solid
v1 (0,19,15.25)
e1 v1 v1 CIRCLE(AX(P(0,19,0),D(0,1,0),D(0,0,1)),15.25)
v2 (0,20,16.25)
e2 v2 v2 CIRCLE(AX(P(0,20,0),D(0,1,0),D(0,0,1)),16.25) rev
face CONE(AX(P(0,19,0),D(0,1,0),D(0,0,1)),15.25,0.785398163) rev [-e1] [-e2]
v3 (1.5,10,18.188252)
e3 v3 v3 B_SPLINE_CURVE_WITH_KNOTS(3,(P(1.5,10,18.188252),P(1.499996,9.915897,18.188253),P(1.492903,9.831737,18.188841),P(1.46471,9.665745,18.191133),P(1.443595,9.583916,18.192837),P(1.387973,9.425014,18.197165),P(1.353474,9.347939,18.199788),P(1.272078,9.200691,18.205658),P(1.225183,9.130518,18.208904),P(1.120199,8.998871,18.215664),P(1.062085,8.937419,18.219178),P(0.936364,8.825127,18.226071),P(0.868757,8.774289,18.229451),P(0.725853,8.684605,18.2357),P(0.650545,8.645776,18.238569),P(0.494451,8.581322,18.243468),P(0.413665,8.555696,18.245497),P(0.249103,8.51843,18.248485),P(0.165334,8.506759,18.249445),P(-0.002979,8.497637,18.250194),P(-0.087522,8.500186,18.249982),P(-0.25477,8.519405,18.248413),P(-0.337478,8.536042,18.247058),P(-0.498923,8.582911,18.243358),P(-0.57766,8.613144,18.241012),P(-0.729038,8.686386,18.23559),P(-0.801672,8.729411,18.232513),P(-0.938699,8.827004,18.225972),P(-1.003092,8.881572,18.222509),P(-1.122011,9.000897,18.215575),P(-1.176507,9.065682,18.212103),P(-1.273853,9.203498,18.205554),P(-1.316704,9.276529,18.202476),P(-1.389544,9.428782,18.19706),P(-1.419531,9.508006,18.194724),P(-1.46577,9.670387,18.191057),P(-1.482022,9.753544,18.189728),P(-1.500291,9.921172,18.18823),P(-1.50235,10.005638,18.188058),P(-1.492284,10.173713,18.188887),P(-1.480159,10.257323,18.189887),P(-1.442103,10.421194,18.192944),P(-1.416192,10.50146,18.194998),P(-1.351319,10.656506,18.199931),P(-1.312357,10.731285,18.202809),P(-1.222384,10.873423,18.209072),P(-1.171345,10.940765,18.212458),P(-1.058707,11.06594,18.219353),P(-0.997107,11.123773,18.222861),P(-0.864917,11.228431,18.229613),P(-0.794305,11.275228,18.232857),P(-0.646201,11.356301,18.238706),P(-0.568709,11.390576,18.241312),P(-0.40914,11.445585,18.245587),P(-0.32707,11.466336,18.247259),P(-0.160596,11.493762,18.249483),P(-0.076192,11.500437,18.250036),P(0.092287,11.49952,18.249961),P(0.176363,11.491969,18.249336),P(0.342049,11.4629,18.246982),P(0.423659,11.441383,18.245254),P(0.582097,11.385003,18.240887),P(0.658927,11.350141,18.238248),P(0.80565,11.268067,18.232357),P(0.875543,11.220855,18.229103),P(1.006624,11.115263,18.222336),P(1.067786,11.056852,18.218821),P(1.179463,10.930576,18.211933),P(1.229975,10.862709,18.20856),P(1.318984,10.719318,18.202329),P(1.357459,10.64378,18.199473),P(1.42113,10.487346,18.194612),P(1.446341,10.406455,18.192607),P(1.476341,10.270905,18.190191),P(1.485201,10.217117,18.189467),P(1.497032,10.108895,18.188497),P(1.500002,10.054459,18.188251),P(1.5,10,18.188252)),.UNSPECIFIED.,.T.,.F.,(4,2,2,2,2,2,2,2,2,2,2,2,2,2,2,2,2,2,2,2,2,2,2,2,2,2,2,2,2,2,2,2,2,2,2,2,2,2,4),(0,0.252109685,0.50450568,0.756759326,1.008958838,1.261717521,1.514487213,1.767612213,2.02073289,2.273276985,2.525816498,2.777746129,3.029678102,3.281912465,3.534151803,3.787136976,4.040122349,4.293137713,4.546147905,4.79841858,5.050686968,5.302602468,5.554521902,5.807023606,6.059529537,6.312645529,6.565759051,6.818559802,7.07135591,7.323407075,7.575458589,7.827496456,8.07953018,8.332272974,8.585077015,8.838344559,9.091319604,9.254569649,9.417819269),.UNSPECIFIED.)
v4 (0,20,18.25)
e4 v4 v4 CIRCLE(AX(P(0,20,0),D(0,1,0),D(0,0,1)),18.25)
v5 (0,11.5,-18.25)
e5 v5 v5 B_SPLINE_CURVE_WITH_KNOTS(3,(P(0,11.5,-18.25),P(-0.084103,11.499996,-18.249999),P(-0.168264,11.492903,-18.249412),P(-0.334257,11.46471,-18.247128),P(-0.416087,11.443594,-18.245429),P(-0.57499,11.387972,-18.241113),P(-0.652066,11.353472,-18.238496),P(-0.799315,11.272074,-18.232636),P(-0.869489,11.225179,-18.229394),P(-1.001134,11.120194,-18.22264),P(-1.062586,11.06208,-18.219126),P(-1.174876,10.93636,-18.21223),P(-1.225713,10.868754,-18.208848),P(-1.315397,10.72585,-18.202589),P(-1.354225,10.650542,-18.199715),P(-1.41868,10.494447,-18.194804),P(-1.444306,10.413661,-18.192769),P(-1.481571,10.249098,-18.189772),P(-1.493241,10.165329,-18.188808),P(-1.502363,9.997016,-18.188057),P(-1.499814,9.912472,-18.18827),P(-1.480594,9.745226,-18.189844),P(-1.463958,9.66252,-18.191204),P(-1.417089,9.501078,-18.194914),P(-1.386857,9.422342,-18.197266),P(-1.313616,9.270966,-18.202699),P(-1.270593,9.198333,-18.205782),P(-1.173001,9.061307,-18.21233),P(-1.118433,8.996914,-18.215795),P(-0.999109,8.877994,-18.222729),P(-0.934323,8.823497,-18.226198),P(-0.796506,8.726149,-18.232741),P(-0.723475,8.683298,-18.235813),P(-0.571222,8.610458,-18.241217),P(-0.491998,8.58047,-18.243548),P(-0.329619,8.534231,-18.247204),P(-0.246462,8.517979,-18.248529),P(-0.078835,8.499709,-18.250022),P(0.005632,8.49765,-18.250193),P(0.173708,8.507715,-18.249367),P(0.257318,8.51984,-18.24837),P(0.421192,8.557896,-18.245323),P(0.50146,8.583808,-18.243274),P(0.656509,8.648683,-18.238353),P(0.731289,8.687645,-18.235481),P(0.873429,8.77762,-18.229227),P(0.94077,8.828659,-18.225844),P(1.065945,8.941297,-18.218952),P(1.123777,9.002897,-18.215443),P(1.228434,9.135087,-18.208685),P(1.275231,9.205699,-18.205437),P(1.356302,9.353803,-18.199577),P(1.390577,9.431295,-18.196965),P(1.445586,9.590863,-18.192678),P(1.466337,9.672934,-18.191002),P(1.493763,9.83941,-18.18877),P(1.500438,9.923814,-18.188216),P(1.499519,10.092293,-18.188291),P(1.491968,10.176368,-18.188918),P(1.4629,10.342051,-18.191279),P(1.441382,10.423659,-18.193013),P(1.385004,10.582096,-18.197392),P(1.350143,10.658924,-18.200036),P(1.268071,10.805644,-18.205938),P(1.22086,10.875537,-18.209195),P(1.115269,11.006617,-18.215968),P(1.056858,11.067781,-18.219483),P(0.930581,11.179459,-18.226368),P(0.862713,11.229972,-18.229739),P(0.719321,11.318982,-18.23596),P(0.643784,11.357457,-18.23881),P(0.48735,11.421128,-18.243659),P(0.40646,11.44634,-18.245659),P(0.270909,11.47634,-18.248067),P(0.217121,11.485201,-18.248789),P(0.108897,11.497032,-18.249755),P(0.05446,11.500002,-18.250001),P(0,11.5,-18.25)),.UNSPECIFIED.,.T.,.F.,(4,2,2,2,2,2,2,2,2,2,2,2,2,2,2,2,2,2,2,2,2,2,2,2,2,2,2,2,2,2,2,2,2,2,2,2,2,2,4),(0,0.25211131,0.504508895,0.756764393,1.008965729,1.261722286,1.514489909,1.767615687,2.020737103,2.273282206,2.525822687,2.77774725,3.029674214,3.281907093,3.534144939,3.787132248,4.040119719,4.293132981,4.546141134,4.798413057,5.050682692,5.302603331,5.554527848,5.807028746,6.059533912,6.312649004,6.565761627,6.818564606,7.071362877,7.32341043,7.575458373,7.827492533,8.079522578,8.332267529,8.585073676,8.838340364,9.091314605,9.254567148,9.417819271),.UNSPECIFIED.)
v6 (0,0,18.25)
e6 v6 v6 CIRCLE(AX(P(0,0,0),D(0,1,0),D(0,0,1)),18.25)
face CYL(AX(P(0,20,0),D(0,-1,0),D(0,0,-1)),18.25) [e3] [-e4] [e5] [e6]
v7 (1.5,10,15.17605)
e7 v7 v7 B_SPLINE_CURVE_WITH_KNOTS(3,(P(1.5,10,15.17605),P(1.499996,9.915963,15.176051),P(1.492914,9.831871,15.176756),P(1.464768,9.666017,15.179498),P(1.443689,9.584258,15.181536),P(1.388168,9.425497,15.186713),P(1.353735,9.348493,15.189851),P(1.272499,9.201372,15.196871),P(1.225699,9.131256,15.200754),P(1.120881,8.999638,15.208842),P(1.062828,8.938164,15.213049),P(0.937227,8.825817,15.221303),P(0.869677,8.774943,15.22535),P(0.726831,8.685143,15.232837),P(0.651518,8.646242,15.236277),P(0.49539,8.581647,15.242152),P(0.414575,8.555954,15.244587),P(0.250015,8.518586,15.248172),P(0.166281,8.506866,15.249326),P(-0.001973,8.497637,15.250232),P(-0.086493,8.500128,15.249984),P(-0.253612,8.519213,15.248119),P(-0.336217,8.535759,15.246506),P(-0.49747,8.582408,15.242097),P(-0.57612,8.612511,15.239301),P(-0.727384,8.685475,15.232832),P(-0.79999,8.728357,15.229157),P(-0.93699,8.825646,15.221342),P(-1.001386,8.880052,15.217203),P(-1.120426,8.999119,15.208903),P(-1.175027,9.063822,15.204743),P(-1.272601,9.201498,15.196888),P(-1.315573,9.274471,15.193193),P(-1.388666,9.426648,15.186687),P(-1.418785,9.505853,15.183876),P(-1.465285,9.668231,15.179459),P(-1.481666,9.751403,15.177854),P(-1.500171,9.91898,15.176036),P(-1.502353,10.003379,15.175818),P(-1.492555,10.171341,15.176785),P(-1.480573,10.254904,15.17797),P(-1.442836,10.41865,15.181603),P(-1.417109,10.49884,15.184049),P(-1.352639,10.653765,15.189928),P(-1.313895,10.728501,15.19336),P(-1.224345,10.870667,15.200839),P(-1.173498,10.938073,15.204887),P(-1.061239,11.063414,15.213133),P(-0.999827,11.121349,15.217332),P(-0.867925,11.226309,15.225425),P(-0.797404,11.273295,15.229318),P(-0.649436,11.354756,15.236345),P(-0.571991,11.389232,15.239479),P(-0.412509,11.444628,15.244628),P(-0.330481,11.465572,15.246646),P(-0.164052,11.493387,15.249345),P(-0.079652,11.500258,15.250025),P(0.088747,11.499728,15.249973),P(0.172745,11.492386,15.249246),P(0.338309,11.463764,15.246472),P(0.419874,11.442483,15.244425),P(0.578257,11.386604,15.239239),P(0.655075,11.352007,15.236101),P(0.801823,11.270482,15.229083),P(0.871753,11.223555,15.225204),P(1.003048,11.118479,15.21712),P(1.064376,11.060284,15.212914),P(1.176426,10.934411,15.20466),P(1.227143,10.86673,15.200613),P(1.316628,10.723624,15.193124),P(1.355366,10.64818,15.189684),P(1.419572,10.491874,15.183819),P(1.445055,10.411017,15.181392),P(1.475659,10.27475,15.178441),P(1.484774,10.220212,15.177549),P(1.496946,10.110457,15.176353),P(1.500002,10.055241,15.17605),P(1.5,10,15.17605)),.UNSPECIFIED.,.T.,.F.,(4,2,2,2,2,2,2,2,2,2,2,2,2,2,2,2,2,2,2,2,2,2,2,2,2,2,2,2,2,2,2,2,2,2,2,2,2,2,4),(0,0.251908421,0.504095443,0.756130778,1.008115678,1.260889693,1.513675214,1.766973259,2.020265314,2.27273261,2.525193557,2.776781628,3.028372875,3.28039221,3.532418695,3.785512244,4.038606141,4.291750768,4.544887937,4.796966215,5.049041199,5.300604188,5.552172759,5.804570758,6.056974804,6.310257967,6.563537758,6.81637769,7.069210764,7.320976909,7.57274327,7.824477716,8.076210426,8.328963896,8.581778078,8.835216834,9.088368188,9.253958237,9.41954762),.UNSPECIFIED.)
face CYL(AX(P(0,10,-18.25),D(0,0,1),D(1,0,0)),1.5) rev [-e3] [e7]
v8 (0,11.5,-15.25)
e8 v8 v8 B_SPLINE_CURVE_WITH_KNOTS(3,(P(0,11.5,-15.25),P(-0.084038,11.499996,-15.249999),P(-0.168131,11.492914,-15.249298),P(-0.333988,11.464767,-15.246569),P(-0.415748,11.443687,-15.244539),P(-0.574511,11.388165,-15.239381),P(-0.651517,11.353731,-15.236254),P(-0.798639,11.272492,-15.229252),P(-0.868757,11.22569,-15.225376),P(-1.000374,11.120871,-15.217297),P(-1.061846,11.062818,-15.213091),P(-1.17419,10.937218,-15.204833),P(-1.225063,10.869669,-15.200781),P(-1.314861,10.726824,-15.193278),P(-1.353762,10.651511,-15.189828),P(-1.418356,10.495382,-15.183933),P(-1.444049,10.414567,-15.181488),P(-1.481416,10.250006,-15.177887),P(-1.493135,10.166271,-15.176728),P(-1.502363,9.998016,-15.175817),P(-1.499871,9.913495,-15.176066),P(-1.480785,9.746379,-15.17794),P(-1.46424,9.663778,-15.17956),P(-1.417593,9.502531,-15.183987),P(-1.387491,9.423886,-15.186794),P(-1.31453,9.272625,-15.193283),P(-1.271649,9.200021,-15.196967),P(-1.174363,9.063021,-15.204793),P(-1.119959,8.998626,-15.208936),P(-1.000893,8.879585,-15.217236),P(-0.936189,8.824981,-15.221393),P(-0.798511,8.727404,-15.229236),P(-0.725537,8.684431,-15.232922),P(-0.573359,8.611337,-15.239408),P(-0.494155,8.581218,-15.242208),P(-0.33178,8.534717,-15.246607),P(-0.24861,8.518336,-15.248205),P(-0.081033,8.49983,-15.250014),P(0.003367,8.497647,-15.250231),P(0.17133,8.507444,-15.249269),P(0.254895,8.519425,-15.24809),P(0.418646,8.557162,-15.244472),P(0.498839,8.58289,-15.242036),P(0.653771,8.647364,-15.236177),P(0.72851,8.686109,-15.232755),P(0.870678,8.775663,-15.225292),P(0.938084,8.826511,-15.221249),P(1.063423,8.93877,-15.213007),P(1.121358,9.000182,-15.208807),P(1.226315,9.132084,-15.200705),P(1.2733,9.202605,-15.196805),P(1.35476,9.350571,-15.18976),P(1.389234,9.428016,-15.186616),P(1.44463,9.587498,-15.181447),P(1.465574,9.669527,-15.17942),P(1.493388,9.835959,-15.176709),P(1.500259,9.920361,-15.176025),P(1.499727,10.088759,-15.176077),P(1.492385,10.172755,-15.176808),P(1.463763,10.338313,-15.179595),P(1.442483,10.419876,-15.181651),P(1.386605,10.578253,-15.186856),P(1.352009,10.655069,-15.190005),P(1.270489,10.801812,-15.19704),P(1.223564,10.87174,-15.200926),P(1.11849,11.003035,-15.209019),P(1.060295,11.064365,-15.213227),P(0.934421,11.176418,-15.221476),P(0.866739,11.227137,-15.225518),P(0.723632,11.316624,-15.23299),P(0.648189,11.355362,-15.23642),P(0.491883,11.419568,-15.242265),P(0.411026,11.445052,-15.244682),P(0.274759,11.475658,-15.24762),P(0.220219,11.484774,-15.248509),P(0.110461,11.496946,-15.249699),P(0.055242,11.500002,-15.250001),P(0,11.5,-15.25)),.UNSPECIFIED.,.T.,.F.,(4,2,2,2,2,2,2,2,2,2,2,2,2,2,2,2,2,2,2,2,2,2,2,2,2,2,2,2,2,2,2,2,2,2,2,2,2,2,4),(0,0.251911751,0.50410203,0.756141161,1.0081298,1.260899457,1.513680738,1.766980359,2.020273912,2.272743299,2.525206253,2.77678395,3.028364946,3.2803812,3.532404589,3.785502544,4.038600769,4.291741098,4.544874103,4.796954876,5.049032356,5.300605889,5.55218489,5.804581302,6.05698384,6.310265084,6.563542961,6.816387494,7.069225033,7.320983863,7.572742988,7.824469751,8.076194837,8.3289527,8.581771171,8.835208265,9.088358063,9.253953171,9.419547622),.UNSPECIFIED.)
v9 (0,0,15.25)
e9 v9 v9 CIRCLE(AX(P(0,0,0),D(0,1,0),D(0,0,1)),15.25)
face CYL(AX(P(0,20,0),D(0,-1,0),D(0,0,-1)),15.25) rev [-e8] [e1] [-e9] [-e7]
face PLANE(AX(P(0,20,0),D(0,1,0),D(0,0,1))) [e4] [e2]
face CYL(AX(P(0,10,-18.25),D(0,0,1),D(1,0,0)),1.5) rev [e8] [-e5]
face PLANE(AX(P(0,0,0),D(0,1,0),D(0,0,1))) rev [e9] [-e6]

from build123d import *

# Parameters (mm, degrees)
SKETCH1_R               = 18.25
SKETCH1_R_2             = 15.25
BOSS_EXTRUDE1_DEPTH     = 20
SKETCH2_R               = 1.5
CUT_EXTRUDE1_DEPTH      = 19.25
CUT_EXTRUDE1_DEPTH_BACK = 19.25
CHAMFER1_SIZE           = 1


with BuildPart() as part:
    # Sketch1 → Boss-Extrude1 (new body)
    with BuildSketch(Plane(origin=(0, 0, 0), x_dir=(1, 0, 0), z_dir=(0, 1, 0))):
        Circle(SKETCH1_R)
        Circle(SKETCH1_R_2, mode=Mode.SUBTRACT)
    extrude(amount=BOSS_EXTRUDE1_DEPTH)

    # Sketch2 → Cut-Extrude1 (cut, two sides)
    with BuildSketch(Plane.XY) as cut_extrude1_sk:
        with Locations((0, 10)):
            Circle(SKETCH2_R)
    extrude(amount=CUT_EXTRUDE1_DEPTH, mode=Mode.SUBTRACT)
    extrude(cut_extrude1_sk.sketch, amount=-CUT_EXTRUDE1_DEPTH_BACK, mode=Mode.SUBTRACT)

    # Chamfer1
    chamfer1_edges = [part.edges().sort_by_distance(p)[0] for p in [
        (-15.25, 20, 0),
    ]]
    chamfer(chamfer1_edges, length=CHAMFER1_SIZE)


solid = part.part
